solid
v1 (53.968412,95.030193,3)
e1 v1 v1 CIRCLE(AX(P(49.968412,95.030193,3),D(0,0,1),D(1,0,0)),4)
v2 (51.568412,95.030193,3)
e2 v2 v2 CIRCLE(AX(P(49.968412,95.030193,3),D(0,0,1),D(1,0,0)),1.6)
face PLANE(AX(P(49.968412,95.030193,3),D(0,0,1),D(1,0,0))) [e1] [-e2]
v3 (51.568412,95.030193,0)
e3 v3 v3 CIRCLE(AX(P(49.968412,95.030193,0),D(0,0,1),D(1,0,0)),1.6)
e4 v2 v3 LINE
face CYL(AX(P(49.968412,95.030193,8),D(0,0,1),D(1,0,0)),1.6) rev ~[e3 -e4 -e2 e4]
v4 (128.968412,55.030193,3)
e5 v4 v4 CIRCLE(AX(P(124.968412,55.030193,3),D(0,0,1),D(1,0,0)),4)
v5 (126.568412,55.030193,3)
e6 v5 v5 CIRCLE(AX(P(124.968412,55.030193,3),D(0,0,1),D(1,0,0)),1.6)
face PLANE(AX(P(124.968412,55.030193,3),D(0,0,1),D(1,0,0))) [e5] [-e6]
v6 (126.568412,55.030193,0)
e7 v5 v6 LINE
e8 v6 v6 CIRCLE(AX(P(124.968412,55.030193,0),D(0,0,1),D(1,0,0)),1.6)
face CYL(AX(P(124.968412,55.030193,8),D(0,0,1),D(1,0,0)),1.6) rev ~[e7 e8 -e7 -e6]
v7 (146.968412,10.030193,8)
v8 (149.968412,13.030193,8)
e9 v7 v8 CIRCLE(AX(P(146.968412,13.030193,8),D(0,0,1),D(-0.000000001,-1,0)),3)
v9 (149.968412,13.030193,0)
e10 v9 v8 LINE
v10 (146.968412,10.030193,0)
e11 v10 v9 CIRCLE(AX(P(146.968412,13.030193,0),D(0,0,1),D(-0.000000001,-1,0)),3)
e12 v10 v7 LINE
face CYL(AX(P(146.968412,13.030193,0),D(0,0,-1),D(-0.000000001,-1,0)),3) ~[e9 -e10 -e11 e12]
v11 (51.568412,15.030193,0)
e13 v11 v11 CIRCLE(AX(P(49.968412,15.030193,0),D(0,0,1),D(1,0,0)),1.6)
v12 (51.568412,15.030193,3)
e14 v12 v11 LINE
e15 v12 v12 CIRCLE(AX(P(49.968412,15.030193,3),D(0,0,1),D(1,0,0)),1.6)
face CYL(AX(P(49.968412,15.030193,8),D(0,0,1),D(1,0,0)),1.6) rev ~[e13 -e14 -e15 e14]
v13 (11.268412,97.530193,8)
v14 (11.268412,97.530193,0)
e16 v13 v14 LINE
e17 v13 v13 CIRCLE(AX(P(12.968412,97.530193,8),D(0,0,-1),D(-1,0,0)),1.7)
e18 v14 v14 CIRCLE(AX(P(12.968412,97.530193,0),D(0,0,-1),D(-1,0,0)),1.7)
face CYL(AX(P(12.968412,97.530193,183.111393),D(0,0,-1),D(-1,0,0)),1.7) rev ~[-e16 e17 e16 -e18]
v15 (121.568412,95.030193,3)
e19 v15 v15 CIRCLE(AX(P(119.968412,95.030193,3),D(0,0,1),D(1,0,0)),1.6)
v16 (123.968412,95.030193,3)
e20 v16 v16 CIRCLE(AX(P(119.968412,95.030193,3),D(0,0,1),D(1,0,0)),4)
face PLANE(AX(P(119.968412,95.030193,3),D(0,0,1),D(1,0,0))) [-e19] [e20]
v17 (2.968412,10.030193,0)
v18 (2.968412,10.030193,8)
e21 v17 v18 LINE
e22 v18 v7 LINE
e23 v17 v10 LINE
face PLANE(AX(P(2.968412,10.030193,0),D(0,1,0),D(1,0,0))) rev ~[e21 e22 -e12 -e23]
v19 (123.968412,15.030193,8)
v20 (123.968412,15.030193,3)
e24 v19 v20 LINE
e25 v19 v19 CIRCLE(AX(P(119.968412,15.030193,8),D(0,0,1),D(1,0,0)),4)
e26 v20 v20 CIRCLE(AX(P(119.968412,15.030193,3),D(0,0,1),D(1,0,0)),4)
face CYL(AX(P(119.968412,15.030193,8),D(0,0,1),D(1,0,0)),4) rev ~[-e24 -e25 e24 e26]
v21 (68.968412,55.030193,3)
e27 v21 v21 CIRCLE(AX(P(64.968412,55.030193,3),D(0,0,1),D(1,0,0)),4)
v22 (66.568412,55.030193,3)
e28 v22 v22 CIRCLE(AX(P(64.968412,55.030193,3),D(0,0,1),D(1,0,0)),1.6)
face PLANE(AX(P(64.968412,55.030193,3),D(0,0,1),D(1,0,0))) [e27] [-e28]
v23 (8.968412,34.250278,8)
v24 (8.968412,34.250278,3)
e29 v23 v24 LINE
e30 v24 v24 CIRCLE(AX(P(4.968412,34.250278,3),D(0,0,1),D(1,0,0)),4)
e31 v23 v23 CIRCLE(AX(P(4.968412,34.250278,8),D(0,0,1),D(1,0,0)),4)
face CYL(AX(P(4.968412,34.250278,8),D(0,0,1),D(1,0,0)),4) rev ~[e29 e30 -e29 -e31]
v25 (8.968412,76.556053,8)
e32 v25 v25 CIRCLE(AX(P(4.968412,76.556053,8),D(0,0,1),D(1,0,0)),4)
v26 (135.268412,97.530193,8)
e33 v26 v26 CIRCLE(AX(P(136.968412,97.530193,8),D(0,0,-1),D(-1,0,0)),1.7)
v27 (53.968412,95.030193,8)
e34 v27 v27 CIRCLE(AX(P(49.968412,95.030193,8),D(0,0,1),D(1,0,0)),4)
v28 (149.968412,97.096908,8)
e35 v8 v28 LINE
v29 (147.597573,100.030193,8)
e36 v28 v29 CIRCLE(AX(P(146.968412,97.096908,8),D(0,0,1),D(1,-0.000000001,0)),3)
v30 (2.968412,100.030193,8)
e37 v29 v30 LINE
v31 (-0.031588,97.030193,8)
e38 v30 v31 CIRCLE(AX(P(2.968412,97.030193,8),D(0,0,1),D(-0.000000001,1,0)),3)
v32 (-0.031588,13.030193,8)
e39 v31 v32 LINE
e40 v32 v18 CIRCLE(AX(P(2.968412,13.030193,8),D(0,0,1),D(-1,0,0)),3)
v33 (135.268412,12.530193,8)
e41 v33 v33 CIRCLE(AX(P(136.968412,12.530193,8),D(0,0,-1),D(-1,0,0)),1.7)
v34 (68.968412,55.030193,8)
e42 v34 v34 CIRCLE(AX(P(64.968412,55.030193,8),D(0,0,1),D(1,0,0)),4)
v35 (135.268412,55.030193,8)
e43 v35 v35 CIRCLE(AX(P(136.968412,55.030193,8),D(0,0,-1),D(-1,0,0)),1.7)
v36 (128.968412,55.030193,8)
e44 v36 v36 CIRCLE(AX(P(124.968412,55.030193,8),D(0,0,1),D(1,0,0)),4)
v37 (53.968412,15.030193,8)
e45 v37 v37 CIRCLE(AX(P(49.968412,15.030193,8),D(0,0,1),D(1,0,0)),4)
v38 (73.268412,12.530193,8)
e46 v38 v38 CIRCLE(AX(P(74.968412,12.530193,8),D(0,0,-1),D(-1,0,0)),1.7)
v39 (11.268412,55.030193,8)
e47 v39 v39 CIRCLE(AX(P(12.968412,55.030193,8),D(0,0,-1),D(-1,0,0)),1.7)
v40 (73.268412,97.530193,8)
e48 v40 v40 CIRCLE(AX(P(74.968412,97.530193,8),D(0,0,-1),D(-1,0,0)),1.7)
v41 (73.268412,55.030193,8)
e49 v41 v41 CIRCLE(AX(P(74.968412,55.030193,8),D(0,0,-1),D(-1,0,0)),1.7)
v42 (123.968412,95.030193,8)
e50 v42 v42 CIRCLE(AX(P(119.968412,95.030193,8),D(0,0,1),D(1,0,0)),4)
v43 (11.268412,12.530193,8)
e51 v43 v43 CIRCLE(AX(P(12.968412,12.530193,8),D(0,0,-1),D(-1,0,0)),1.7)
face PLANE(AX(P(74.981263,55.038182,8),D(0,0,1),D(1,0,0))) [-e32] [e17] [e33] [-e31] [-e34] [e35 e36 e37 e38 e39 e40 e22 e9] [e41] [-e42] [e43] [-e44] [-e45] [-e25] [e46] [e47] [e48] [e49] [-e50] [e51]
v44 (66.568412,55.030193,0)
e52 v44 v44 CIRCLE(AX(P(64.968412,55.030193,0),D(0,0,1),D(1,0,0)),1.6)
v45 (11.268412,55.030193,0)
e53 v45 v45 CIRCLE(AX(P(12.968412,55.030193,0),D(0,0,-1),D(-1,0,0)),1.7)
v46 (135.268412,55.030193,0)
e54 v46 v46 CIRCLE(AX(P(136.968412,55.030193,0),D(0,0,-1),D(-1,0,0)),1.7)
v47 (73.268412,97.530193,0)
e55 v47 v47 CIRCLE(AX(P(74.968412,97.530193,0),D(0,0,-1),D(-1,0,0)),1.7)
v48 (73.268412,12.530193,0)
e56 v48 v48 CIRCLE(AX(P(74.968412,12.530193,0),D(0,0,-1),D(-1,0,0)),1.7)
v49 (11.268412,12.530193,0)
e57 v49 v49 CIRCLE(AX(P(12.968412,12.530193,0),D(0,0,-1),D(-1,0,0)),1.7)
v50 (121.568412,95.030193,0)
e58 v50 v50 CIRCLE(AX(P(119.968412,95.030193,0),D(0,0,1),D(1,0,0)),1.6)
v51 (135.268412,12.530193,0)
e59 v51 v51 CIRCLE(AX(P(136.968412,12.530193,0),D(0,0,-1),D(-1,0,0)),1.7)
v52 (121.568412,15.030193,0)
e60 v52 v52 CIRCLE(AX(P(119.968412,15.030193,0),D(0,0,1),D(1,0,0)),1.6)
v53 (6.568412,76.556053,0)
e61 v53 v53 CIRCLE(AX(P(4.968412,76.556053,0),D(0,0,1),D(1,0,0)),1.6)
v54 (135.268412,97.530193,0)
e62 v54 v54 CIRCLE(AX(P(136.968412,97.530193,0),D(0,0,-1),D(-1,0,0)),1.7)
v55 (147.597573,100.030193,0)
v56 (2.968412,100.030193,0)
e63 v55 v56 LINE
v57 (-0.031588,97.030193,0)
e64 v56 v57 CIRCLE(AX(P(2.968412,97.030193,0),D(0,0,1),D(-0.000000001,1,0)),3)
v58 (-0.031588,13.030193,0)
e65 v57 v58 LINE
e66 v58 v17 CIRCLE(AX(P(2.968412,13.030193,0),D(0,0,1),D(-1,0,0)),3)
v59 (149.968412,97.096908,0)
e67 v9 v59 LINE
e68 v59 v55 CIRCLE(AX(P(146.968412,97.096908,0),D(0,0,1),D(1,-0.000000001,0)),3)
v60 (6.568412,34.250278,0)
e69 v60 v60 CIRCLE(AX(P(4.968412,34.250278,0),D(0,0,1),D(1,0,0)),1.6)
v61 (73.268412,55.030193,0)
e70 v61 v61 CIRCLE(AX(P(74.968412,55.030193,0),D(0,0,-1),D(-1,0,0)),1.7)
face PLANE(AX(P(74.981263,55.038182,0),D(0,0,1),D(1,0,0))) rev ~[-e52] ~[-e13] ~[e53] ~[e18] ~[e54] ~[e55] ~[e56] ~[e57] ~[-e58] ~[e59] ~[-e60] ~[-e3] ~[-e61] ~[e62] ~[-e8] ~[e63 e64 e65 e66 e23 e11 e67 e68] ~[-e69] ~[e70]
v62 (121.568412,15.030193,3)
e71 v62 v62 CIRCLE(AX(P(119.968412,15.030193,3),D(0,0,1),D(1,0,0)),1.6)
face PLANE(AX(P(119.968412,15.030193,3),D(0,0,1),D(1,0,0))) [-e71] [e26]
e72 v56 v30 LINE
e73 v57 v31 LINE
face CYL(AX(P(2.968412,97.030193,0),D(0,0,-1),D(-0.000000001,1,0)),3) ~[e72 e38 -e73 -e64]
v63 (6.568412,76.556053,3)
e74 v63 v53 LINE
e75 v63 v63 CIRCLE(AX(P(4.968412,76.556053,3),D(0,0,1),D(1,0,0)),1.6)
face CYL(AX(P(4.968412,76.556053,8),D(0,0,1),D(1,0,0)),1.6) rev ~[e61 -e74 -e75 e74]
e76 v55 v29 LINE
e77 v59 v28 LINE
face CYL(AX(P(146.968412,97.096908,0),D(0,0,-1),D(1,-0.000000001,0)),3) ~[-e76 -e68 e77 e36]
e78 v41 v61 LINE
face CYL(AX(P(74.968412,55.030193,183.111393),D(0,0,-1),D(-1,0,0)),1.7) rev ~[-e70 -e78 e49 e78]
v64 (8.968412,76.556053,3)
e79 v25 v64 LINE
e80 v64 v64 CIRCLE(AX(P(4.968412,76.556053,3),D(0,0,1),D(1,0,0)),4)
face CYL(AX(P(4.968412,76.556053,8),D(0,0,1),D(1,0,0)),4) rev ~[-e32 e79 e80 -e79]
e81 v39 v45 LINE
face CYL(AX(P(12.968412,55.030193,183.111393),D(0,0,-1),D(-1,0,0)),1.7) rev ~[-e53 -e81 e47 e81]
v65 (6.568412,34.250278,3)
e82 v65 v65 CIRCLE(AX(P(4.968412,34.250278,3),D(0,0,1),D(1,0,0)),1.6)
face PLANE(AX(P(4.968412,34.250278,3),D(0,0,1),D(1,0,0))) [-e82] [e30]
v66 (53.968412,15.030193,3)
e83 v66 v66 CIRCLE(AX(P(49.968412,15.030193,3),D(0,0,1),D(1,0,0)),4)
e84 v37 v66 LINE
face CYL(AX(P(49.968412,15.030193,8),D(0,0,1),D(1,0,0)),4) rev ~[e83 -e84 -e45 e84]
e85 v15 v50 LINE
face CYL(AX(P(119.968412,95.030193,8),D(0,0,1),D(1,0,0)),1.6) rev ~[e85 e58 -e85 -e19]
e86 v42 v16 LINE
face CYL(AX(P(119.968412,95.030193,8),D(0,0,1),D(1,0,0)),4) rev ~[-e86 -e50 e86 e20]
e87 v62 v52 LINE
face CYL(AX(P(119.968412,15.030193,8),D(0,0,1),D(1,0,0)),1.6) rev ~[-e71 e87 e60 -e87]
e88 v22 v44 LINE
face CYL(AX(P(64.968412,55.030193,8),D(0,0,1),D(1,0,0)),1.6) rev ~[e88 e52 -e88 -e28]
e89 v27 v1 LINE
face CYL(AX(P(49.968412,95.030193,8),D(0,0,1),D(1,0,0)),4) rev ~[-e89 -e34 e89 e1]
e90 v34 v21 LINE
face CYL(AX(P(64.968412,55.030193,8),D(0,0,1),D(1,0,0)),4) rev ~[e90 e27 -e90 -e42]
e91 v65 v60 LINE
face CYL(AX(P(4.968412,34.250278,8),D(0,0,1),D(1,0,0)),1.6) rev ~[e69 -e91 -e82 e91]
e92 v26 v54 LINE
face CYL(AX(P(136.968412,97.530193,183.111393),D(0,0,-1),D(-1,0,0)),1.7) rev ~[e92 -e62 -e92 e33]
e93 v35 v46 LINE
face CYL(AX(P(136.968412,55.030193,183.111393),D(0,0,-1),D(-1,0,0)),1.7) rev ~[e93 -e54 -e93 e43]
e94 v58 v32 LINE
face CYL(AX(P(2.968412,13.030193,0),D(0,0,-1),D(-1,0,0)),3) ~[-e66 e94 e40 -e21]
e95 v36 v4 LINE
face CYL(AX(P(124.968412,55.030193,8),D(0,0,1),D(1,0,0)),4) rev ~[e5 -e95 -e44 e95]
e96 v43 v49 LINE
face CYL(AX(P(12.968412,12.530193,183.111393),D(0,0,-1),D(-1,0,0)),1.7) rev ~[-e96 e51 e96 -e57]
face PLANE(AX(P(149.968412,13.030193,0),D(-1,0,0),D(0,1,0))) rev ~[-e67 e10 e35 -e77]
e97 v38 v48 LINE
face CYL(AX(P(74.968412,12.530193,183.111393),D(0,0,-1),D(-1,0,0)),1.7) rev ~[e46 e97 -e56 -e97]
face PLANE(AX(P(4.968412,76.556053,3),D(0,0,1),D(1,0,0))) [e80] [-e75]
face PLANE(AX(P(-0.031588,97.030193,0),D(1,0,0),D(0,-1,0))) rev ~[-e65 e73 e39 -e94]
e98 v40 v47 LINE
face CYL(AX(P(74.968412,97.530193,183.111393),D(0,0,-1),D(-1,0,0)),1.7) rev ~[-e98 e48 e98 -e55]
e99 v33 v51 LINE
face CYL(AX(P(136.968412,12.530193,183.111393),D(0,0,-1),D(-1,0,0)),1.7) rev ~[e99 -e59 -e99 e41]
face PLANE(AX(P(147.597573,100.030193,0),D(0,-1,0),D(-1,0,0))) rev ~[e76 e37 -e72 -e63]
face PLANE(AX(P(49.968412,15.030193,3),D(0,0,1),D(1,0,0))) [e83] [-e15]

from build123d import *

# Parameters (mm, degrees)
ESQUISSE1_R             = 1.25
BOSS_EXTRU_1_DEPTH      = 8
TROU_TARAUD_M3_D        = 3.4
ESQUISSE4_R             = 1.6
ENL_V_MAT_EXTRU_1_DEPTH = 9
ESQUISSE5_R             = 4
ENL_V_MAT_EXTRU_2_DEPTH = 5


with BuildPart() as part:
    # Esquisse1 → Boss.-Extru.1 (new body)
    with BuildSketch(Plane.XY):
        with BuildLine():
            Line((2.96841177, 10.030192742), (146.96841177, 10.030192742))
            ThreePointArc((146.96841177, 10.030192742), (149.089732114, 10.908872398), (149.96841177, 13.030192742))
            Line((149.96841177, 13.030192742), (149.96841177, 97.09690847))
            ThreePointArc((149.96841177, 97.09690847), (149.301594422, 98.982712998), (147.597572626, 100.030192742))
            Line((147.597572626, 100.030192742), (2.96841177, 100.030192742))
            ThreePointArc((2.96841177, 100.030192742), (0.847091427, 99.151513085), (-0.03158823, 97.030192742))
            Line((-0.03158823, 97.030192742), (-0.03158823, 13.030192742))
            ThreePointArc((-0.03158823, 13.030192742), (0.847091427, 10.908872398), (2.96841177, 10.030192742))
        make_face()
        with Locations((12.96841177, 97.530192742)):
            Circle(ESQUISSE1_R, mode=Mode.SUBTRACT)
        with Locations((74.96841177, 97.530192742)):
            Circle(ESQUISSE1_R, mode=Mode.SUBTRACT)
        with Locations((136.96841177, 97.530192742)):
            Circle(ESQUISSE1_R, mode=Mode.SUBTRACT)
        with Locations((12.96841177, 55.030192742)):
            Circle(ESQUISSE1_R, mode=Mode.SUBTRACT)
        with Locations((74.96841177, 55.030192742)):
            Circle(ESQUISSE1_R, mode=Mode.SUBTRACT)
        with Locations((136.96841177, 55.030192742)):
            Circle(ESQUISSE1_R, mode=Mode.SUBTRACT)
        with Locations((136.96841177, 12.530192742)):
            Circle(ESQUISSE1_R, mode=Mode.SUBTRACT)
        with Locations((74.96841177, 12.530192742)):
            Circle(ESQUISSE1_R, mode=Mode.SUBTRACT)
        with Locations((12.96841177, 12.530192742)):
            Circle(ESQUISSE1_R, mode=Mode.SUBTRACT)
    extrude(amount=BOSS_EXTRU_1_DEPTH)

    # Trou taraudé M3 (through all)
    with Locations(Plane.XY.offset(8)):
        with Locations((12.96841177, 97.530192742), (12.96841177, 55.030192742), (12.96841177, 12.530192742), (74.96841177, 12.530192742), (74.96841177, 55.030192742), (74.96841177, 97.530192742), (136.96841177, 97.530192742), (136.96841177, 55.030192742), (136.96841177, 12.530192742)):
            Hole(TROU_TARAUD_M3_D / 2)

    # Esquisse4 → Enlèv. mat.-Extru.1 (cut, through all)
    with BuildSketch(Plane.XY.offset(8)):
        with Locations((119.96841177, 95.030192742)):
            Circle(ESQUISSE4_R)
        with Locations((49.96841177, 95.030192742)):
            Circle(ESQUISSE4_R)
        with Locations((4.96841177, 76.55605286)):
            Circle(ESQUISSE4_R)
        with Locations((4.96841177, 34.250278271)):
            Circle(ESQUISSE4_R)
        with Locations((49.96841177, 15.030192742)):
            Circle(ESQUISSE4_R)
        with Locations((119.96841177, 15.030192742)):
            Circle(ESQUISSE4_R)
        with Locations((64.96841177, 55.030192742)):
            Circle(ESQUISSE4_R)
        with Locations((124.96841177, 55.030192742)):
            Circle(ESQUISSE4_R)
    extrude(amount=-ENL_V_MAT_EXTRU_1_DEPTH, mode=Mode.SUBTRACT)

    # Esquisse5 → Enlèv. mat.-Extru.2 (cut)
    with BuildSketch(Plane.XY.offset(8)):
        with Locations((49.96841177, 95.030192742)):
            Circle(ESQUISSE5_R)
        with Locations((119.96841177, 95.030192742)):
            Circle(ESQUISSE5_R)
        with Locations((124.96841177, 55.030192742)):
            Circle(ESQUISSE5_R)
        with Locations((64.96841177, 55.030192742)):
            Circle(ESQUISSE5_R)
        with Locations((4.96841177, 76.55605286)):
            Circle(ESQUISSE5_R)
        with Locations((4.96841177, 34.250278271)):
            Circle(ESQUISSE5_R)
        with Locations((49.96841177, 15.030192742)):
            Circle(ESQUISSE5_R)
        with Locations((119.96841177, 15.030192742)):
            Circle(ESQUISSE5_R)
    extrude(amount=-ENL_V_MAT_EXTRU_2_DEPTH, mode=Mode.SUBTRACT)


solid = part.part
